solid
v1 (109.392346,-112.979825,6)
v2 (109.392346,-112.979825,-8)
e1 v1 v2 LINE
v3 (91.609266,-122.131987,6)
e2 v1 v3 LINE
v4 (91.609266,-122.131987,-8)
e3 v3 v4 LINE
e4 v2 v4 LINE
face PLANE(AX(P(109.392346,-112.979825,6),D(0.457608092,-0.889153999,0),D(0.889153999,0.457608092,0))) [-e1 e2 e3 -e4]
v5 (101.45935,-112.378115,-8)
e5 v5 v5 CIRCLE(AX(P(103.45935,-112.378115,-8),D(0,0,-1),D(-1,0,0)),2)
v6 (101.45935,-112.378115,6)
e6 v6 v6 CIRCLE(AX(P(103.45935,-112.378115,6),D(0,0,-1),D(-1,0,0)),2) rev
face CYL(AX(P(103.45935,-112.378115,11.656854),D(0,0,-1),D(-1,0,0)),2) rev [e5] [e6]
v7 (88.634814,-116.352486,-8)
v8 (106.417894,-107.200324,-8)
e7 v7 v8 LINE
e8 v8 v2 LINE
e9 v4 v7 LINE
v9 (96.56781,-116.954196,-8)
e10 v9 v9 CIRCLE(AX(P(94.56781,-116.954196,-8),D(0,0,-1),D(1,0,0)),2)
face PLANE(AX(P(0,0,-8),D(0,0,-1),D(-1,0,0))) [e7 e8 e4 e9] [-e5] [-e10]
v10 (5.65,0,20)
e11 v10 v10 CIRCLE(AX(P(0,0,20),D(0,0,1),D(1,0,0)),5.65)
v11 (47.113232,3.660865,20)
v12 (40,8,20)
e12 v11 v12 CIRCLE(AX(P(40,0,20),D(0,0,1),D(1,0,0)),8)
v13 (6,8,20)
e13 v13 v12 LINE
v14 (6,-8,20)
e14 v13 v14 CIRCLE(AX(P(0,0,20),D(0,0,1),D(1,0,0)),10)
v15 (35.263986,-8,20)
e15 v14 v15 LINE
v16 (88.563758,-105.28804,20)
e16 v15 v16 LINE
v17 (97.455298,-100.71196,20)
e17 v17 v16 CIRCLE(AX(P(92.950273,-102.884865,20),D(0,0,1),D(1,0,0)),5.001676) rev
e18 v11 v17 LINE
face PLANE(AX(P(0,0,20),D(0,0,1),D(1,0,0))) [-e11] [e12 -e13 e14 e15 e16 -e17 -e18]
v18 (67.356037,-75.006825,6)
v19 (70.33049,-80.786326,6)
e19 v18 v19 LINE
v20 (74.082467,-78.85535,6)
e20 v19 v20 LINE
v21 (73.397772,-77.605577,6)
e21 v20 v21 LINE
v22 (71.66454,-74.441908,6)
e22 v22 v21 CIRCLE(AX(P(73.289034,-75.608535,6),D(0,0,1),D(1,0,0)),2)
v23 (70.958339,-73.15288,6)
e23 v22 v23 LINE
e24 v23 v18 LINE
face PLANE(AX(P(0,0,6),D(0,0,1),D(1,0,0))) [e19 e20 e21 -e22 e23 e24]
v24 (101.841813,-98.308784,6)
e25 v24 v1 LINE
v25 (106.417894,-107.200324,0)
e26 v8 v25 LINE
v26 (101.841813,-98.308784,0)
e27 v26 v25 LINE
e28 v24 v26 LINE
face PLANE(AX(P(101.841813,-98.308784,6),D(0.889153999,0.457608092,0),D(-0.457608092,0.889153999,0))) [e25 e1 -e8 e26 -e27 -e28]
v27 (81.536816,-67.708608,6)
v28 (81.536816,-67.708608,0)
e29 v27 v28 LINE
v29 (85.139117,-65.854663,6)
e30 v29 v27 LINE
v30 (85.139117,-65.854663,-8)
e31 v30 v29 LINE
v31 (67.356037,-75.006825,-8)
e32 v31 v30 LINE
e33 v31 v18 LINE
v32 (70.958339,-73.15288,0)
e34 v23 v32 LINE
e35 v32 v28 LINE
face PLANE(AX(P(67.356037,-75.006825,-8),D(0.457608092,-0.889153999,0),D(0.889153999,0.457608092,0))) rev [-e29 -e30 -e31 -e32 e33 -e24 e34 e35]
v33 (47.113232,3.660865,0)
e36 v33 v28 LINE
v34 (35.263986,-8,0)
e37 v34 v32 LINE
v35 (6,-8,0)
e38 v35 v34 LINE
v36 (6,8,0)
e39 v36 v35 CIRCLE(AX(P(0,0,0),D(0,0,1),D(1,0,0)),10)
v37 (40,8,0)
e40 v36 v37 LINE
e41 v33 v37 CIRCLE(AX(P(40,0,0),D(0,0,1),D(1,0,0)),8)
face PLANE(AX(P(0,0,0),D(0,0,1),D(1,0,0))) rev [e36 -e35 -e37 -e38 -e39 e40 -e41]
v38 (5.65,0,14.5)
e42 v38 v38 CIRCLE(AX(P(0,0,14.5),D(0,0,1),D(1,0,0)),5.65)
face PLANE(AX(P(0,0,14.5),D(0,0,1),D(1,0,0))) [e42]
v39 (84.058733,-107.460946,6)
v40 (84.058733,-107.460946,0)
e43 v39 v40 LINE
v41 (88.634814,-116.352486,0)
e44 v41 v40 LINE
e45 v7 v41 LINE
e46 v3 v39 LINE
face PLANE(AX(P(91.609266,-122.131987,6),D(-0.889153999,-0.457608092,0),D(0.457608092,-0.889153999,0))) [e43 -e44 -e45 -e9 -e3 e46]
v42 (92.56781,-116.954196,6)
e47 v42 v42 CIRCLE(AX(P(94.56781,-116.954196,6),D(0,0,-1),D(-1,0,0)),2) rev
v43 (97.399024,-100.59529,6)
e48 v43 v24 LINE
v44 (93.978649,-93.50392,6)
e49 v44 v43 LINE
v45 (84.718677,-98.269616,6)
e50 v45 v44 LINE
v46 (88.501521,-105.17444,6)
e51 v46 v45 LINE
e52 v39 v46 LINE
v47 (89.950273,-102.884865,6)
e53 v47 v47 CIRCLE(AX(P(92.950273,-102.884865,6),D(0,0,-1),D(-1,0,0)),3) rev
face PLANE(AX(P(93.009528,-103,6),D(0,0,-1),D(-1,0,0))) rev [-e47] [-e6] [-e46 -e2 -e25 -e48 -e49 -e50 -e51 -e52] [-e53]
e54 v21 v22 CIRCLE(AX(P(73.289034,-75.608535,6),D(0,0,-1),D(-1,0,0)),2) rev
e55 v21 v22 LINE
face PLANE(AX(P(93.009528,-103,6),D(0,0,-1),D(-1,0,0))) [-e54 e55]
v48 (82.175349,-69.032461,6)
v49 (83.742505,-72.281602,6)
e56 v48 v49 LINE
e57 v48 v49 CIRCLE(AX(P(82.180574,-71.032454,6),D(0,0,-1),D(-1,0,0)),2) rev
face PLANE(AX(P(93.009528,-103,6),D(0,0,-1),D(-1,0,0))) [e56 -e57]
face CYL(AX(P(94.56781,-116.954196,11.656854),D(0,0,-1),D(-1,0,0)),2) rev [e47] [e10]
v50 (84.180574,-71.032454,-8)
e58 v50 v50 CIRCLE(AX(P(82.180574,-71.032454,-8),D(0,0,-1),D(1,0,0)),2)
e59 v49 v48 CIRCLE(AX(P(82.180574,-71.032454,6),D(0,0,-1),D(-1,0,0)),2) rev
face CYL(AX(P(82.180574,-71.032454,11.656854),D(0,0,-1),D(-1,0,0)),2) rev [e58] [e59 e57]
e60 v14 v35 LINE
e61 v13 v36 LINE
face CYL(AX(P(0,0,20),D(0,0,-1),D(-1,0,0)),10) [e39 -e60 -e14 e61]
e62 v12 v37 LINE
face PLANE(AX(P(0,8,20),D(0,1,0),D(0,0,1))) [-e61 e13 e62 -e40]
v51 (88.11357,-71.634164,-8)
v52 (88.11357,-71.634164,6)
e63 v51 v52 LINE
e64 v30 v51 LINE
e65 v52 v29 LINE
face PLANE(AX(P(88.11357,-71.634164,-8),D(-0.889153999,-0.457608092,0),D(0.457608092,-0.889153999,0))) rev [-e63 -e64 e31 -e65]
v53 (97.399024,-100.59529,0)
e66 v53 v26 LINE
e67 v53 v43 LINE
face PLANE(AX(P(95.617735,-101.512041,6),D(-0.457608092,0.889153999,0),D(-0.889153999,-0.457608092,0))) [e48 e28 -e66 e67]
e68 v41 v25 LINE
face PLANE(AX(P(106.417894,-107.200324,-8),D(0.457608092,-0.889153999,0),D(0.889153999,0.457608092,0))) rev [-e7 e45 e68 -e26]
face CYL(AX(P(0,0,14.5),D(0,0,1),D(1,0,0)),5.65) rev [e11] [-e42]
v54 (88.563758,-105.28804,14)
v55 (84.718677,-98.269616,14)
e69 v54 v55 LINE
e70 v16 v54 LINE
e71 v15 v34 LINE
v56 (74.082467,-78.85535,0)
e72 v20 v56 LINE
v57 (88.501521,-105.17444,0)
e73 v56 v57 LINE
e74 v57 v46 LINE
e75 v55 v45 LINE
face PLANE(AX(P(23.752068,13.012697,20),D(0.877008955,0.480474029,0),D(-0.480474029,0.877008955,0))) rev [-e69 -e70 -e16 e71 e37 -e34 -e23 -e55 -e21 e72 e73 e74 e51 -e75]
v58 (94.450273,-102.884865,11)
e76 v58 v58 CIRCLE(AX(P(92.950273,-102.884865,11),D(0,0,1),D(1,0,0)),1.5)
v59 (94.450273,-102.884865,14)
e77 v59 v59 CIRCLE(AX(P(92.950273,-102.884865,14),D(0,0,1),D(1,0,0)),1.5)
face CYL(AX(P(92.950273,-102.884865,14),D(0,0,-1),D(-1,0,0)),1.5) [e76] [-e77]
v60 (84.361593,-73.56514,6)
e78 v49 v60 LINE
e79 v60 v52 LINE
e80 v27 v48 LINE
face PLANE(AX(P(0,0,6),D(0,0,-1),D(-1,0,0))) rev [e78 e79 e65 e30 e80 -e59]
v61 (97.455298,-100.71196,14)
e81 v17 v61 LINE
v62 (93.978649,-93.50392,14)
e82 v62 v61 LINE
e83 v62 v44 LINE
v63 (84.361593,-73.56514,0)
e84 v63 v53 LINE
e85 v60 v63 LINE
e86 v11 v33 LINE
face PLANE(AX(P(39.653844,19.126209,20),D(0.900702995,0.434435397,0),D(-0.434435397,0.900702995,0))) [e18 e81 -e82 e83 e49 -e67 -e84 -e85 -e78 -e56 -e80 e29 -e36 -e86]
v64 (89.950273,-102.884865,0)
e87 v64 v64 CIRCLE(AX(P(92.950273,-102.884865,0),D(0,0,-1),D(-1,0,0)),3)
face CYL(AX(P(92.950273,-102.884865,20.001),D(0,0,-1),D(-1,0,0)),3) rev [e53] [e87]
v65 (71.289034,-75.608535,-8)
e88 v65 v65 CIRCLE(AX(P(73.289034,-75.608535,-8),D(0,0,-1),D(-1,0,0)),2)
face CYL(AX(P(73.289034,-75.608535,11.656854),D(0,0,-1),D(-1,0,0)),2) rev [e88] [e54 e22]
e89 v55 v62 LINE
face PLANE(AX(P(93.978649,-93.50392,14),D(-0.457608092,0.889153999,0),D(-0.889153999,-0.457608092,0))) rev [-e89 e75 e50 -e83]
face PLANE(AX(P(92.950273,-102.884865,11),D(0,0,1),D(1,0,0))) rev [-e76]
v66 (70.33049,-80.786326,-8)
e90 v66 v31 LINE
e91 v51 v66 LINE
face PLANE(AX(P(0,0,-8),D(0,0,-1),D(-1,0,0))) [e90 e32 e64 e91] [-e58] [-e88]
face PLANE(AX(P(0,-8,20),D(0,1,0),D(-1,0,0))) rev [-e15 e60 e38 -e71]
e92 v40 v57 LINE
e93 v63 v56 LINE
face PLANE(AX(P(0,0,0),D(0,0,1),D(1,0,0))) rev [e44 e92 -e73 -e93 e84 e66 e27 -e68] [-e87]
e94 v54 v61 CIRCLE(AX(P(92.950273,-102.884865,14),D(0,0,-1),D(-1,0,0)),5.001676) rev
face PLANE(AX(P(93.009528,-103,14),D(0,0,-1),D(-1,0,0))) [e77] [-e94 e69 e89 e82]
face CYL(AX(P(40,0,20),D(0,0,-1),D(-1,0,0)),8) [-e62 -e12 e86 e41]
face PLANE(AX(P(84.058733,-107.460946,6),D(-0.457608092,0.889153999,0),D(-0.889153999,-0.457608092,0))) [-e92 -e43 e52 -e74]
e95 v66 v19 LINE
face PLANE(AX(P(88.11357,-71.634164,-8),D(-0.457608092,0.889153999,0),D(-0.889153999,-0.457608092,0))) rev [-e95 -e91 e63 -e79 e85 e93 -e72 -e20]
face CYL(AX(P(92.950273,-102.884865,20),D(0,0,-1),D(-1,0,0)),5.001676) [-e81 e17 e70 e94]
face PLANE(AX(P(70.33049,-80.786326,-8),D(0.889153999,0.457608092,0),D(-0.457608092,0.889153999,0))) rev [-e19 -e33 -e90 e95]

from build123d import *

# Parameters (mm, degrees)
EXTRUDE_1_DEPTH     = 20
SKETCH_2_R          = 5.65
CUT_EXTRUDE_1_DEPTH = 5.5
CUT_EXTRUDE_START   = -6
CUT_EXTRUDE_4_DEPTH = 8
EXTRUDE_START       = 5
SKETCH_5_R          = 1.5
EXTRUDE_2_DEPTH     = 3
CUT_EXTRUDE_5_REACH = 149.085
SKETCH_7_R          = 3
EXTRUDE_3_DEPTH     = 6
EXTRUDE_4_DEPTH     = 8
EXTRUDE_5_DEPTH     = 8
EXTRUDE_6_DEPTH     = 6
SKETCH_12_R         = 2
CUT_EXTRUDE_7_DEPTH = 14


with BuildPart() as part:
    # 草图1 → 凸台-拉伸1 (new body)
    with BuildSketch(Plane.XY):
        with BuildLine():
            Line((35.26398638, -8), (88.563757686, -105.288040462))
            ThreePointArc((88.563757686, -105.288040462), (95.239080336, -107.332125442), (97.455297675, -100.711959538))
            Line((97.455297675, -100.711959538), (47.113231991, 3.660864739))
            ThreePointArc((47.113231991, 3.660864739), (44.166118222, 6.829601669), (40, 8))
            Line((40, 8), (6, 8))
            ThreePointArc((6, 8), (-10, 0), (6, -8))
            Line((6, -8), (35.26398638, -8))
        make_face()
    extrude(amount=EXTRUDE_1_DEPTH)

    # 草图2 → 切除-拉伸1 (cut)
    with BuildSketch(Plane.XY.offset(20)):
        Circle(SKETCH_2_R)
    extrude(amount=-CUT_EXTRUDE_1_DEPTH, mode=Mode.SUBTRACT)

    # 草图4 → 切除-拉伸4 (cut)
    with BuildSketch(Plane(origin=(0, 0, 0), x_dir=(-1, 0, 0), z_dir=(0, 0, -1)).offset(CUT_EXTRUDE_START)):
        with BuildLine():
            Line((-97.455297675, -100.711959538), (-93.978649208, -93.503919609))
            Line((-93.978649208, -93.503919609), (-84.718676675, -98.269616408))
            Line((-84.718676675, -98.269616408), (-88.563757686, -105.288040462))
            ThreePointArc((-88.563757686, -105.288040462), (-95.297568142, -107.445769995), (-97.455297675, -100.711959538))
        make_face()
    extrude(amount=-CUT_EXTRUDE_4_DEPTH, mode=Mode.SUBTRACT)

    # 草图5 → 凸台-拉伸2 (add)
    with BuildSketch(Plane.XY.offset(6).offset(EXTRUDE_START)):
        with Locations((92.950272719, -102.88486483)):
            Circle(SKETCH_5_R)
    extrude(amount=EXTRUDE_2_DEPTH)

    # 草图7 → 切除-拉伸5 (cut, up to next)
    with BuildSketch(Plane(origin=(0, 0, 0), x_dir=(-1, 0, 0), z_dir=(0, 0, -1)), mode=Mode.PRIVATE) as cut_extrude_5_sk1:
        with Locations((-92.950272719, -102.88486483)):
            Circle(SKETCH_7_R)
    cut_extrude_5_tool1 = extrude(cut_extrude_5_sk1.sketch, amount=-CUT_EXTRUDE_5_REACH, mode=Mode.PRIVATE) & part.part
    add(cut_extrude_5_tool1.solids().sort_by_distance((92.950273, -102.884865, 0))[0], mode=Mode.SUBTRACT)

    # 草图8 → 凸台-拉伸3 (add)
    with BuildSketch(Plane(origin=(0, 0, 0), x_dir=(-1, 0, 0), z_dir=(0, 0, -1))):
        with BuildLine():
            Line((-95.617734716, -101.512040553), (-101.841812708, -98.308783906))
            Line((-101.841812708, -98.308783906), (-109.392346233, -112.979824888))
            Line((-109.392346233, -112.979824888), (-91.609266255, -122.131986736))
            Line((-91.609266255, -122.131986736), (-84.05873273, -107.460945754))
            Line((-84.05873273, -107.460945754), (-90.282810723, -104.257689107))
            ThreePointArc((-90.282810723, -104.257689107), (-94.323096996, -105.552326827), (-95.617734716, -101.512040553))
        make_face()
    extrude(amount=-EXTRUDE_3_DEPTH)

    # 草图9 → 凸台-拉伸4 (add)
    with BuildSketch(Plane(origin=(0, 0, 0), x_dir=(-1, 0, 0), z_dir=(0, 0, -1))):
        Polygon((-106.417893632, -107.200323895), (-88.634813654, -116.352485743), (-91.609266255, -122.131986736), (-109.392346233, -112.979824888), align=None)
    extrude(amount=EXTRUDE_4_DEPTH)

    # 草图10 → 凸台-拉伸5 (add)
    with BuildSketch(Plane(origin=(0, 0, 0), x_dir=(-1, 0, 0), z_dir=(0, 0, -1))):
        Polygon((-88.113569936, -71.634163939), (-70.330489958, -80.786325787), (-67.356037358, -75.006824794), (-85.139117336, -65.854662946), align=None)
    extrude(amount=EXTRUDE_5_DEPTH)

    # 草图11 → 凸台-拉伸6 (add)
    with BuildSketch(Plane.XY):
        Polygon((81.536815817, -67.708607626), (84.361592697, -73.565140068), (88.113569936, -71.634163939), (85.139117336, -65.854662946), align=None)
        Polygon((67.356037358, -75.006824794), (70.330489958, -80.786325787), (74.082467198, -78.855349657), (70.958338877, -73.152880114), align=None)
    extrude(amount=EXTRUDE_6_DEPTH)

    # 草图12 → 切除-拉伸7 (cut)
    with BuildSketch(Plane(origin=(0, 0, -8), x_dir=(-1, 0, 0), z_dir=(0, 0, -1))):
        with Locations((-103.459349938, -112.378114854)):
            Circle(SKETCH_12_R)
        with Locations((-94.567809949, -116.954195778)):
            Circle(SKETCH_12_R)
        with Locations((-73.289033653, -75.608534828)):
            Circle(SKETCH_12_R)
        with Locations(Location((-82.180573642, -71.032453904, 0), (0, 0, 89.850321616))):
            Circle(SKETCH_12_R)
    extrude(amount=-CUT_EXTRUDE_7_DEPTH, mode=Mode.SUBTRACT)


solid = part.part
